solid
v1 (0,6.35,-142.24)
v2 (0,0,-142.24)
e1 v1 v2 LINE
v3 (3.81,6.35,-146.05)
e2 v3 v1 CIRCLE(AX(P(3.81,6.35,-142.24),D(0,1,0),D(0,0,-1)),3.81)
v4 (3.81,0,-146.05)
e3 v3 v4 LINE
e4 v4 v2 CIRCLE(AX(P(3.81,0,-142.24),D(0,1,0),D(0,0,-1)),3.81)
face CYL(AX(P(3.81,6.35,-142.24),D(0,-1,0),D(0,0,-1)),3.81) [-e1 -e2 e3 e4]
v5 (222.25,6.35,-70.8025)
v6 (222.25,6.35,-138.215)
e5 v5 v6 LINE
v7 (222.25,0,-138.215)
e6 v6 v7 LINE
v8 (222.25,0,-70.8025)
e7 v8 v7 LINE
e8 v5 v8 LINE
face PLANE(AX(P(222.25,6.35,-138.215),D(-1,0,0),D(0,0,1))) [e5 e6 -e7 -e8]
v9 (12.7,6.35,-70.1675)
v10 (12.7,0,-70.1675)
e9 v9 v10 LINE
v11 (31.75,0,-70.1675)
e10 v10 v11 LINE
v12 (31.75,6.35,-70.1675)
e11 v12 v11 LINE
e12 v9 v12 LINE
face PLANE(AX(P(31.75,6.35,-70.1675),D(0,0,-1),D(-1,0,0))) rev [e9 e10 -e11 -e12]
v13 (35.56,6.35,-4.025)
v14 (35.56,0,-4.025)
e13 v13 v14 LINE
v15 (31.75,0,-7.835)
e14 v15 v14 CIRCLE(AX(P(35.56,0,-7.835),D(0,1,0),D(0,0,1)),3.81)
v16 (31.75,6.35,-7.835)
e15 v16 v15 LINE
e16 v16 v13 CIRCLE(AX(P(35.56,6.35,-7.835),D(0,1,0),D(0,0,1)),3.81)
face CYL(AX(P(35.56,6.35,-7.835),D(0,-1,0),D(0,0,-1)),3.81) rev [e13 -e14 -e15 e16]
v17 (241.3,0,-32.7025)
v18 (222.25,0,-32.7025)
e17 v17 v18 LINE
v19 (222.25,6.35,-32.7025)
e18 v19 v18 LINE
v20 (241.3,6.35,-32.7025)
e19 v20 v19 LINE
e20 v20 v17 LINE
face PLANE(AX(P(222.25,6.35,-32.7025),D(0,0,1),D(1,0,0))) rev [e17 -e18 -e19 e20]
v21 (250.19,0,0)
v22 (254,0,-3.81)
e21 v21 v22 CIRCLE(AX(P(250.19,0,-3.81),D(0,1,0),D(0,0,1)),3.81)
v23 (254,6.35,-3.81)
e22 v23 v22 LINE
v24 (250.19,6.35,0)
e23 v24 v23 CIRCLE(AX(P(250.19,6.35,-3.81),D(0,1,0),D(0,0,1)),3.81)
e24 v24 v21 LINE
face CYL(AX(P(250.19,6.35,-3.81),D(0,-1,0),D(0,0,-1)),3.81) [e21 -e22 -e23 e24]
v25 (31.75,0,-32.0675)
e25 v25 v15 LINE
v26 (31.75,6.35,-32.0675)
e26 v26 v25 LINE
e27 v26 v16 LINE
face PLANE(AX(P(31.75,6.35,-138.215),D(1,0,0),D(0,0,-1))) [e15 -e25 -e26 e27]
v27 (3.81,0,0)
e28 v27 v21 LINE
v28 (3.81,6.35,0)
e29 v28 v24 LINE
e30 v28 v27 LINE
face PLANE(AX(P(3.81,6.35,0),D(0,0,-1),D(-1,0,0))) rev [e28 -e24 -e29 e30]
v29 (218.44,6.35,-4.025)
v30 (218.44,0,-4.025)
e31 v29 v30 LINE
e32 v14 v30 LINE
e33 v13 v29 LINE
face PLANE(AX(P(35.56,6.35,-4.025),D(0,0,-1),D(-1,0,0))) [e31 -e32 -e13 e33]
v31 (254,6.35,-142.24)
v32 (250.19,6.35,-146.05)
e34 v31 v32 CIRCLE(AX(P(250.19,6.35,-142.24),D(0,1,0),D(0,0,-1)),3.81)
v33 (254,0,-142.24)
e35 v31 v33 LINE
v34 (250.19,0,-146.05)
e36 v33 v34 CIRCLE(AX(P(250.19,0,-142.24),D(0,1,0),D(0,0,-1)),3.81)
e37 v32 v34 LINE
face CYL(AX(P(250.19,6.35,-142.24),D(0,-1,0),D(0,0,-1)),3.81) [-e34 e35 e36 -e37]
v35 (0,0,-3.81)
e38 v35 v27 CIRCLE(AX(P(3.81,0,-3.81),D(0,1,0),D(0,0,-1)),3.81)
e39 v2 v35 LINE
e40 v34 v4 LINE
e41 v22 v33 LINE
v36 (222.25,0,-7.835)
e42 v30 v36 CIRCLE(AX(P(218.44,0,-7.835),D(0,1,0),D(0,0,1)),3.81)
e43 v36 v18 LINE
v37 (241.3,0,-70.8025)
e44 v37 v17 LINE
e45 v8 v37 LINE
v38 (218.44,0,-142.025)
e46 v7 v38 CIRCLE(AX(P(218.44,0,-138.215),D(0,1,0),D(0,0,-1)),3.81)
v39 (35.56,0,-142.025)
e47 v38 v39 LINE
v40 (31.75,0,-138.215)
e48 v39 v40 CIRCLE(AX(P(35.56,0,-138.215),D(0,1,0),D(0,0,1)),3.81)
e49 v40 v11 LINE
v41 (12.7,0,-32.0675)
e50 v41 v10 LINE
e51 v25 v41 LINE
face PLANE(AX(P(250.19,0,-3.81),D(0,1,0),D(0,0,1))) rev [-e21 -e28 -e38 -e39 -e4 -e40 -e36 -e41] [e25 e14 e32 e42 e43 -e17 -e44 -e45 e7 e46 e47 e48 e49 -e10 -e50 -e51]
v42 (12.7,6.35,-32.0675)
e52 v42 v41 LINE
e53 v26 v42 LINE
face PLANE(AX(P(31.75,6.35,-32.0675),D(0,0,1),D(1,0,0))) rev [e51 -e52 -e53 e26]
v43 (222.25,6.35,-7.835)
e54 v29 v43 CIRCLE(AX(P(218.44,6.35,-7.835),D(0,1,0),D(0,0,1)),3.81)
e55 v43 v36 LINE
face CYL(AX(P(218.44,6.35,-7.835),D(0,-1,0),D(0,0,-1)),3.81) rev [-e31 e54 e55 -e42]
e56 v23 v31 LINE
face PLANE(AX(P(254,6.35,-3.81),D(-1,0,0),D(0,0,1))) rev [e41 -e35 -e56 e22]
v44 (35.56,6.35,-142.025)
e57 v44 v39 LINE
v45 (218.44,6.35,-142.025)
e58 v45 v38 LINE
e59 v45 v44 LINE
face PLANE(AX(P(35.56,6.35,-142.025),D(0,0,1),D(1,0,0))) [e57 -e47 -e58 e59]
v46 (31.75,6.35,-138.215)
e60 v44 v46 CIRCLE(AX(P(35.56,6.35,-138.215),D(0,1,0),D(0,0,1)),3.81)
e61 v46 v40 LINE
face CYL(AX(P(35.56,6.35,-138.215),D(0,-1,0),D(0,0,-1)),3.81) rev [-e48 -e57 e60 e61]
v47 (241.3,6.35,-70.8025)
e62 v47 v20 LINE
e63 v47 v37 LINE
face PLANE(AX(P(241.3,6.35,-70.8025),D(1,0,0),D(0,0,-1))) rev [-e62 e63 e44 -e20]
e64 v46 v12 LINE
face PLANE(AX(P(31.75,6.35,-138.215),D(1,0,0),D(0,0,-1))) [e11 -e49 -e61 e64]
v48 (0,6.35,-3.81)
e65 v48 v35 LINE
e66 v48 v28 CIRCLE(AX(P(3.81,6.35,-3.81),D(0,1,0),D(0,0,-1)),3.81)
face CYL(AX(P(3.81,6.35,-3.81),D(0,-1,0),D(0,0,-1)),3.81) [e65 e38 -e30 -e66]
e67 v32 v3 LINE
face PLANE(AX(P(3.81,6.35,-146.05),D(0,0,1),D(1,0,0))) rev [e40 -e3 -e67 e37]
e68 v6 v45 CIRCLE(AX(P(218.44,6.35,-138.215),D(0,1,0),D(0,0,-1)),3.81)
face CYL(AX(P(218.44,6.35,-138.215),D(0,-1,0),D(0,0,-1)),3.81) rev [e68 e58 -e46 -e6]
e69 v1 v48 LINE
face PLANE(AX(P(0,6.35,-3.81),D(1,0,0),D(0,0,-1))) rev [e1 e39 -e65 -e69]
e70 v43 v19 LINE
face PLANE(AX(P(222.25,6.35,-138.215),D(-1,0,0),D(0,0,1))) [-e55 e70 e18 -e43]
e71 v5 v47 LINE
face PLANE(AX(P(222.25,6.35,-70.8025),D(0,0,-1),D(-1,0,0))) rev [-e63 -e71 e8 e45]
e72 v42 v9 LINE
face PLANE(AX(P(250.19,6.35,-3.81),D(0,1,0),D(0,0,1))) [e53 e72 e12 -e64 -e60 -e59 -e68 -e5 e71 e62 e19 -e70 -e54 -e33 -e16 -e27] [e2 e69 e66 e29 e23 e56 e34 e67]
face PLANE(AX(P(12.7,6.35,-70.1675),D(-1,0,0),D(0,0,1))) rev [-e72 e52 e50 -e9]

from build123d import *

# Parameters (mm, degrees)
BOSS_EXTRUDE1_DEPTH = 6.35
SKETCH3_W           = 19.05
SKETCH3_H           = 38.1
CUT_EXTRUDE1_DEPTH  = 294.064711284


with BuildPart() as part:
    # Sketch1 → Boss-Extrude1 (new body)
    with BuildSketch(Plane(origin=(0, 0, 0), x_dir=(1, 0, 0), z_dir=(0, 1, 0))):
        with BuildLine():
            Line((3.81, 0), (250.19, 0))
            ThreePointArc((250.19, 0), (252.884076836, 1.115923164), (254, 3.81))
            Line((254, 3.81), (254, 142.24))
            ThreePointArc((254, 142.24), (252.884076836, 144.934076836), (250.19, 146.05))
            Line((250.19, 146.05), (3.81, 146.05))
            ThreePointArc((3.81, 146.05), (1.115923164, 144.934076836), (0, 142.24))
            Line((0, 142.24), (0, 3.81))
            ThreePointArc((0, 3.81), (1.115923164, 1.115923164), (3.81, 0))
        make_face()
        with BuildLine():
            Line((35.56, 142.025), (218.44, 142.025))
            ThreePointArc((218.44, 142.025), (221.134076836, 140.909076836), (222.25, 138.215))
            Line((222.25, 138.215), (222.25, 7.835))
            ThreePointArc((222.25, 7.835), (221.134076836, 5.140923164), (218.44, 4.025))
            Line((218.44, 4.025), (35.56, 4.025))
            ThreePointArc((35.56, 4.025), (32.865923164, 5.140923164), (31.75, 7.835))
            Line((31.75, 7.835), (31.75, 138.215))
            ThreePointArc((31.75, 138.215), (32.865923164, 140.909076836), (35.56, 142.025))
        make_face(mode=Mode.SUBTRACT)
    extrude(amount=BOSS_EXTRUDE1_DEPTH)

    # Sketch3 → Cut-Extrude1 (cut, through all)
    with BuildSketch(Plane.XZ):
        with Locations((231.775, -51.7525)):
            Rectangle(SKETCH3_W, SKETCH3_H)
        with Locations((22.225, -51.1175)):
            Rectangle(SKETCH3_W, SKETCH3_H)
    extrude(amount=-CUT_EXTRUDE1_DEPTH, mode=Mode.SUBTRACT)


solid = part.part
